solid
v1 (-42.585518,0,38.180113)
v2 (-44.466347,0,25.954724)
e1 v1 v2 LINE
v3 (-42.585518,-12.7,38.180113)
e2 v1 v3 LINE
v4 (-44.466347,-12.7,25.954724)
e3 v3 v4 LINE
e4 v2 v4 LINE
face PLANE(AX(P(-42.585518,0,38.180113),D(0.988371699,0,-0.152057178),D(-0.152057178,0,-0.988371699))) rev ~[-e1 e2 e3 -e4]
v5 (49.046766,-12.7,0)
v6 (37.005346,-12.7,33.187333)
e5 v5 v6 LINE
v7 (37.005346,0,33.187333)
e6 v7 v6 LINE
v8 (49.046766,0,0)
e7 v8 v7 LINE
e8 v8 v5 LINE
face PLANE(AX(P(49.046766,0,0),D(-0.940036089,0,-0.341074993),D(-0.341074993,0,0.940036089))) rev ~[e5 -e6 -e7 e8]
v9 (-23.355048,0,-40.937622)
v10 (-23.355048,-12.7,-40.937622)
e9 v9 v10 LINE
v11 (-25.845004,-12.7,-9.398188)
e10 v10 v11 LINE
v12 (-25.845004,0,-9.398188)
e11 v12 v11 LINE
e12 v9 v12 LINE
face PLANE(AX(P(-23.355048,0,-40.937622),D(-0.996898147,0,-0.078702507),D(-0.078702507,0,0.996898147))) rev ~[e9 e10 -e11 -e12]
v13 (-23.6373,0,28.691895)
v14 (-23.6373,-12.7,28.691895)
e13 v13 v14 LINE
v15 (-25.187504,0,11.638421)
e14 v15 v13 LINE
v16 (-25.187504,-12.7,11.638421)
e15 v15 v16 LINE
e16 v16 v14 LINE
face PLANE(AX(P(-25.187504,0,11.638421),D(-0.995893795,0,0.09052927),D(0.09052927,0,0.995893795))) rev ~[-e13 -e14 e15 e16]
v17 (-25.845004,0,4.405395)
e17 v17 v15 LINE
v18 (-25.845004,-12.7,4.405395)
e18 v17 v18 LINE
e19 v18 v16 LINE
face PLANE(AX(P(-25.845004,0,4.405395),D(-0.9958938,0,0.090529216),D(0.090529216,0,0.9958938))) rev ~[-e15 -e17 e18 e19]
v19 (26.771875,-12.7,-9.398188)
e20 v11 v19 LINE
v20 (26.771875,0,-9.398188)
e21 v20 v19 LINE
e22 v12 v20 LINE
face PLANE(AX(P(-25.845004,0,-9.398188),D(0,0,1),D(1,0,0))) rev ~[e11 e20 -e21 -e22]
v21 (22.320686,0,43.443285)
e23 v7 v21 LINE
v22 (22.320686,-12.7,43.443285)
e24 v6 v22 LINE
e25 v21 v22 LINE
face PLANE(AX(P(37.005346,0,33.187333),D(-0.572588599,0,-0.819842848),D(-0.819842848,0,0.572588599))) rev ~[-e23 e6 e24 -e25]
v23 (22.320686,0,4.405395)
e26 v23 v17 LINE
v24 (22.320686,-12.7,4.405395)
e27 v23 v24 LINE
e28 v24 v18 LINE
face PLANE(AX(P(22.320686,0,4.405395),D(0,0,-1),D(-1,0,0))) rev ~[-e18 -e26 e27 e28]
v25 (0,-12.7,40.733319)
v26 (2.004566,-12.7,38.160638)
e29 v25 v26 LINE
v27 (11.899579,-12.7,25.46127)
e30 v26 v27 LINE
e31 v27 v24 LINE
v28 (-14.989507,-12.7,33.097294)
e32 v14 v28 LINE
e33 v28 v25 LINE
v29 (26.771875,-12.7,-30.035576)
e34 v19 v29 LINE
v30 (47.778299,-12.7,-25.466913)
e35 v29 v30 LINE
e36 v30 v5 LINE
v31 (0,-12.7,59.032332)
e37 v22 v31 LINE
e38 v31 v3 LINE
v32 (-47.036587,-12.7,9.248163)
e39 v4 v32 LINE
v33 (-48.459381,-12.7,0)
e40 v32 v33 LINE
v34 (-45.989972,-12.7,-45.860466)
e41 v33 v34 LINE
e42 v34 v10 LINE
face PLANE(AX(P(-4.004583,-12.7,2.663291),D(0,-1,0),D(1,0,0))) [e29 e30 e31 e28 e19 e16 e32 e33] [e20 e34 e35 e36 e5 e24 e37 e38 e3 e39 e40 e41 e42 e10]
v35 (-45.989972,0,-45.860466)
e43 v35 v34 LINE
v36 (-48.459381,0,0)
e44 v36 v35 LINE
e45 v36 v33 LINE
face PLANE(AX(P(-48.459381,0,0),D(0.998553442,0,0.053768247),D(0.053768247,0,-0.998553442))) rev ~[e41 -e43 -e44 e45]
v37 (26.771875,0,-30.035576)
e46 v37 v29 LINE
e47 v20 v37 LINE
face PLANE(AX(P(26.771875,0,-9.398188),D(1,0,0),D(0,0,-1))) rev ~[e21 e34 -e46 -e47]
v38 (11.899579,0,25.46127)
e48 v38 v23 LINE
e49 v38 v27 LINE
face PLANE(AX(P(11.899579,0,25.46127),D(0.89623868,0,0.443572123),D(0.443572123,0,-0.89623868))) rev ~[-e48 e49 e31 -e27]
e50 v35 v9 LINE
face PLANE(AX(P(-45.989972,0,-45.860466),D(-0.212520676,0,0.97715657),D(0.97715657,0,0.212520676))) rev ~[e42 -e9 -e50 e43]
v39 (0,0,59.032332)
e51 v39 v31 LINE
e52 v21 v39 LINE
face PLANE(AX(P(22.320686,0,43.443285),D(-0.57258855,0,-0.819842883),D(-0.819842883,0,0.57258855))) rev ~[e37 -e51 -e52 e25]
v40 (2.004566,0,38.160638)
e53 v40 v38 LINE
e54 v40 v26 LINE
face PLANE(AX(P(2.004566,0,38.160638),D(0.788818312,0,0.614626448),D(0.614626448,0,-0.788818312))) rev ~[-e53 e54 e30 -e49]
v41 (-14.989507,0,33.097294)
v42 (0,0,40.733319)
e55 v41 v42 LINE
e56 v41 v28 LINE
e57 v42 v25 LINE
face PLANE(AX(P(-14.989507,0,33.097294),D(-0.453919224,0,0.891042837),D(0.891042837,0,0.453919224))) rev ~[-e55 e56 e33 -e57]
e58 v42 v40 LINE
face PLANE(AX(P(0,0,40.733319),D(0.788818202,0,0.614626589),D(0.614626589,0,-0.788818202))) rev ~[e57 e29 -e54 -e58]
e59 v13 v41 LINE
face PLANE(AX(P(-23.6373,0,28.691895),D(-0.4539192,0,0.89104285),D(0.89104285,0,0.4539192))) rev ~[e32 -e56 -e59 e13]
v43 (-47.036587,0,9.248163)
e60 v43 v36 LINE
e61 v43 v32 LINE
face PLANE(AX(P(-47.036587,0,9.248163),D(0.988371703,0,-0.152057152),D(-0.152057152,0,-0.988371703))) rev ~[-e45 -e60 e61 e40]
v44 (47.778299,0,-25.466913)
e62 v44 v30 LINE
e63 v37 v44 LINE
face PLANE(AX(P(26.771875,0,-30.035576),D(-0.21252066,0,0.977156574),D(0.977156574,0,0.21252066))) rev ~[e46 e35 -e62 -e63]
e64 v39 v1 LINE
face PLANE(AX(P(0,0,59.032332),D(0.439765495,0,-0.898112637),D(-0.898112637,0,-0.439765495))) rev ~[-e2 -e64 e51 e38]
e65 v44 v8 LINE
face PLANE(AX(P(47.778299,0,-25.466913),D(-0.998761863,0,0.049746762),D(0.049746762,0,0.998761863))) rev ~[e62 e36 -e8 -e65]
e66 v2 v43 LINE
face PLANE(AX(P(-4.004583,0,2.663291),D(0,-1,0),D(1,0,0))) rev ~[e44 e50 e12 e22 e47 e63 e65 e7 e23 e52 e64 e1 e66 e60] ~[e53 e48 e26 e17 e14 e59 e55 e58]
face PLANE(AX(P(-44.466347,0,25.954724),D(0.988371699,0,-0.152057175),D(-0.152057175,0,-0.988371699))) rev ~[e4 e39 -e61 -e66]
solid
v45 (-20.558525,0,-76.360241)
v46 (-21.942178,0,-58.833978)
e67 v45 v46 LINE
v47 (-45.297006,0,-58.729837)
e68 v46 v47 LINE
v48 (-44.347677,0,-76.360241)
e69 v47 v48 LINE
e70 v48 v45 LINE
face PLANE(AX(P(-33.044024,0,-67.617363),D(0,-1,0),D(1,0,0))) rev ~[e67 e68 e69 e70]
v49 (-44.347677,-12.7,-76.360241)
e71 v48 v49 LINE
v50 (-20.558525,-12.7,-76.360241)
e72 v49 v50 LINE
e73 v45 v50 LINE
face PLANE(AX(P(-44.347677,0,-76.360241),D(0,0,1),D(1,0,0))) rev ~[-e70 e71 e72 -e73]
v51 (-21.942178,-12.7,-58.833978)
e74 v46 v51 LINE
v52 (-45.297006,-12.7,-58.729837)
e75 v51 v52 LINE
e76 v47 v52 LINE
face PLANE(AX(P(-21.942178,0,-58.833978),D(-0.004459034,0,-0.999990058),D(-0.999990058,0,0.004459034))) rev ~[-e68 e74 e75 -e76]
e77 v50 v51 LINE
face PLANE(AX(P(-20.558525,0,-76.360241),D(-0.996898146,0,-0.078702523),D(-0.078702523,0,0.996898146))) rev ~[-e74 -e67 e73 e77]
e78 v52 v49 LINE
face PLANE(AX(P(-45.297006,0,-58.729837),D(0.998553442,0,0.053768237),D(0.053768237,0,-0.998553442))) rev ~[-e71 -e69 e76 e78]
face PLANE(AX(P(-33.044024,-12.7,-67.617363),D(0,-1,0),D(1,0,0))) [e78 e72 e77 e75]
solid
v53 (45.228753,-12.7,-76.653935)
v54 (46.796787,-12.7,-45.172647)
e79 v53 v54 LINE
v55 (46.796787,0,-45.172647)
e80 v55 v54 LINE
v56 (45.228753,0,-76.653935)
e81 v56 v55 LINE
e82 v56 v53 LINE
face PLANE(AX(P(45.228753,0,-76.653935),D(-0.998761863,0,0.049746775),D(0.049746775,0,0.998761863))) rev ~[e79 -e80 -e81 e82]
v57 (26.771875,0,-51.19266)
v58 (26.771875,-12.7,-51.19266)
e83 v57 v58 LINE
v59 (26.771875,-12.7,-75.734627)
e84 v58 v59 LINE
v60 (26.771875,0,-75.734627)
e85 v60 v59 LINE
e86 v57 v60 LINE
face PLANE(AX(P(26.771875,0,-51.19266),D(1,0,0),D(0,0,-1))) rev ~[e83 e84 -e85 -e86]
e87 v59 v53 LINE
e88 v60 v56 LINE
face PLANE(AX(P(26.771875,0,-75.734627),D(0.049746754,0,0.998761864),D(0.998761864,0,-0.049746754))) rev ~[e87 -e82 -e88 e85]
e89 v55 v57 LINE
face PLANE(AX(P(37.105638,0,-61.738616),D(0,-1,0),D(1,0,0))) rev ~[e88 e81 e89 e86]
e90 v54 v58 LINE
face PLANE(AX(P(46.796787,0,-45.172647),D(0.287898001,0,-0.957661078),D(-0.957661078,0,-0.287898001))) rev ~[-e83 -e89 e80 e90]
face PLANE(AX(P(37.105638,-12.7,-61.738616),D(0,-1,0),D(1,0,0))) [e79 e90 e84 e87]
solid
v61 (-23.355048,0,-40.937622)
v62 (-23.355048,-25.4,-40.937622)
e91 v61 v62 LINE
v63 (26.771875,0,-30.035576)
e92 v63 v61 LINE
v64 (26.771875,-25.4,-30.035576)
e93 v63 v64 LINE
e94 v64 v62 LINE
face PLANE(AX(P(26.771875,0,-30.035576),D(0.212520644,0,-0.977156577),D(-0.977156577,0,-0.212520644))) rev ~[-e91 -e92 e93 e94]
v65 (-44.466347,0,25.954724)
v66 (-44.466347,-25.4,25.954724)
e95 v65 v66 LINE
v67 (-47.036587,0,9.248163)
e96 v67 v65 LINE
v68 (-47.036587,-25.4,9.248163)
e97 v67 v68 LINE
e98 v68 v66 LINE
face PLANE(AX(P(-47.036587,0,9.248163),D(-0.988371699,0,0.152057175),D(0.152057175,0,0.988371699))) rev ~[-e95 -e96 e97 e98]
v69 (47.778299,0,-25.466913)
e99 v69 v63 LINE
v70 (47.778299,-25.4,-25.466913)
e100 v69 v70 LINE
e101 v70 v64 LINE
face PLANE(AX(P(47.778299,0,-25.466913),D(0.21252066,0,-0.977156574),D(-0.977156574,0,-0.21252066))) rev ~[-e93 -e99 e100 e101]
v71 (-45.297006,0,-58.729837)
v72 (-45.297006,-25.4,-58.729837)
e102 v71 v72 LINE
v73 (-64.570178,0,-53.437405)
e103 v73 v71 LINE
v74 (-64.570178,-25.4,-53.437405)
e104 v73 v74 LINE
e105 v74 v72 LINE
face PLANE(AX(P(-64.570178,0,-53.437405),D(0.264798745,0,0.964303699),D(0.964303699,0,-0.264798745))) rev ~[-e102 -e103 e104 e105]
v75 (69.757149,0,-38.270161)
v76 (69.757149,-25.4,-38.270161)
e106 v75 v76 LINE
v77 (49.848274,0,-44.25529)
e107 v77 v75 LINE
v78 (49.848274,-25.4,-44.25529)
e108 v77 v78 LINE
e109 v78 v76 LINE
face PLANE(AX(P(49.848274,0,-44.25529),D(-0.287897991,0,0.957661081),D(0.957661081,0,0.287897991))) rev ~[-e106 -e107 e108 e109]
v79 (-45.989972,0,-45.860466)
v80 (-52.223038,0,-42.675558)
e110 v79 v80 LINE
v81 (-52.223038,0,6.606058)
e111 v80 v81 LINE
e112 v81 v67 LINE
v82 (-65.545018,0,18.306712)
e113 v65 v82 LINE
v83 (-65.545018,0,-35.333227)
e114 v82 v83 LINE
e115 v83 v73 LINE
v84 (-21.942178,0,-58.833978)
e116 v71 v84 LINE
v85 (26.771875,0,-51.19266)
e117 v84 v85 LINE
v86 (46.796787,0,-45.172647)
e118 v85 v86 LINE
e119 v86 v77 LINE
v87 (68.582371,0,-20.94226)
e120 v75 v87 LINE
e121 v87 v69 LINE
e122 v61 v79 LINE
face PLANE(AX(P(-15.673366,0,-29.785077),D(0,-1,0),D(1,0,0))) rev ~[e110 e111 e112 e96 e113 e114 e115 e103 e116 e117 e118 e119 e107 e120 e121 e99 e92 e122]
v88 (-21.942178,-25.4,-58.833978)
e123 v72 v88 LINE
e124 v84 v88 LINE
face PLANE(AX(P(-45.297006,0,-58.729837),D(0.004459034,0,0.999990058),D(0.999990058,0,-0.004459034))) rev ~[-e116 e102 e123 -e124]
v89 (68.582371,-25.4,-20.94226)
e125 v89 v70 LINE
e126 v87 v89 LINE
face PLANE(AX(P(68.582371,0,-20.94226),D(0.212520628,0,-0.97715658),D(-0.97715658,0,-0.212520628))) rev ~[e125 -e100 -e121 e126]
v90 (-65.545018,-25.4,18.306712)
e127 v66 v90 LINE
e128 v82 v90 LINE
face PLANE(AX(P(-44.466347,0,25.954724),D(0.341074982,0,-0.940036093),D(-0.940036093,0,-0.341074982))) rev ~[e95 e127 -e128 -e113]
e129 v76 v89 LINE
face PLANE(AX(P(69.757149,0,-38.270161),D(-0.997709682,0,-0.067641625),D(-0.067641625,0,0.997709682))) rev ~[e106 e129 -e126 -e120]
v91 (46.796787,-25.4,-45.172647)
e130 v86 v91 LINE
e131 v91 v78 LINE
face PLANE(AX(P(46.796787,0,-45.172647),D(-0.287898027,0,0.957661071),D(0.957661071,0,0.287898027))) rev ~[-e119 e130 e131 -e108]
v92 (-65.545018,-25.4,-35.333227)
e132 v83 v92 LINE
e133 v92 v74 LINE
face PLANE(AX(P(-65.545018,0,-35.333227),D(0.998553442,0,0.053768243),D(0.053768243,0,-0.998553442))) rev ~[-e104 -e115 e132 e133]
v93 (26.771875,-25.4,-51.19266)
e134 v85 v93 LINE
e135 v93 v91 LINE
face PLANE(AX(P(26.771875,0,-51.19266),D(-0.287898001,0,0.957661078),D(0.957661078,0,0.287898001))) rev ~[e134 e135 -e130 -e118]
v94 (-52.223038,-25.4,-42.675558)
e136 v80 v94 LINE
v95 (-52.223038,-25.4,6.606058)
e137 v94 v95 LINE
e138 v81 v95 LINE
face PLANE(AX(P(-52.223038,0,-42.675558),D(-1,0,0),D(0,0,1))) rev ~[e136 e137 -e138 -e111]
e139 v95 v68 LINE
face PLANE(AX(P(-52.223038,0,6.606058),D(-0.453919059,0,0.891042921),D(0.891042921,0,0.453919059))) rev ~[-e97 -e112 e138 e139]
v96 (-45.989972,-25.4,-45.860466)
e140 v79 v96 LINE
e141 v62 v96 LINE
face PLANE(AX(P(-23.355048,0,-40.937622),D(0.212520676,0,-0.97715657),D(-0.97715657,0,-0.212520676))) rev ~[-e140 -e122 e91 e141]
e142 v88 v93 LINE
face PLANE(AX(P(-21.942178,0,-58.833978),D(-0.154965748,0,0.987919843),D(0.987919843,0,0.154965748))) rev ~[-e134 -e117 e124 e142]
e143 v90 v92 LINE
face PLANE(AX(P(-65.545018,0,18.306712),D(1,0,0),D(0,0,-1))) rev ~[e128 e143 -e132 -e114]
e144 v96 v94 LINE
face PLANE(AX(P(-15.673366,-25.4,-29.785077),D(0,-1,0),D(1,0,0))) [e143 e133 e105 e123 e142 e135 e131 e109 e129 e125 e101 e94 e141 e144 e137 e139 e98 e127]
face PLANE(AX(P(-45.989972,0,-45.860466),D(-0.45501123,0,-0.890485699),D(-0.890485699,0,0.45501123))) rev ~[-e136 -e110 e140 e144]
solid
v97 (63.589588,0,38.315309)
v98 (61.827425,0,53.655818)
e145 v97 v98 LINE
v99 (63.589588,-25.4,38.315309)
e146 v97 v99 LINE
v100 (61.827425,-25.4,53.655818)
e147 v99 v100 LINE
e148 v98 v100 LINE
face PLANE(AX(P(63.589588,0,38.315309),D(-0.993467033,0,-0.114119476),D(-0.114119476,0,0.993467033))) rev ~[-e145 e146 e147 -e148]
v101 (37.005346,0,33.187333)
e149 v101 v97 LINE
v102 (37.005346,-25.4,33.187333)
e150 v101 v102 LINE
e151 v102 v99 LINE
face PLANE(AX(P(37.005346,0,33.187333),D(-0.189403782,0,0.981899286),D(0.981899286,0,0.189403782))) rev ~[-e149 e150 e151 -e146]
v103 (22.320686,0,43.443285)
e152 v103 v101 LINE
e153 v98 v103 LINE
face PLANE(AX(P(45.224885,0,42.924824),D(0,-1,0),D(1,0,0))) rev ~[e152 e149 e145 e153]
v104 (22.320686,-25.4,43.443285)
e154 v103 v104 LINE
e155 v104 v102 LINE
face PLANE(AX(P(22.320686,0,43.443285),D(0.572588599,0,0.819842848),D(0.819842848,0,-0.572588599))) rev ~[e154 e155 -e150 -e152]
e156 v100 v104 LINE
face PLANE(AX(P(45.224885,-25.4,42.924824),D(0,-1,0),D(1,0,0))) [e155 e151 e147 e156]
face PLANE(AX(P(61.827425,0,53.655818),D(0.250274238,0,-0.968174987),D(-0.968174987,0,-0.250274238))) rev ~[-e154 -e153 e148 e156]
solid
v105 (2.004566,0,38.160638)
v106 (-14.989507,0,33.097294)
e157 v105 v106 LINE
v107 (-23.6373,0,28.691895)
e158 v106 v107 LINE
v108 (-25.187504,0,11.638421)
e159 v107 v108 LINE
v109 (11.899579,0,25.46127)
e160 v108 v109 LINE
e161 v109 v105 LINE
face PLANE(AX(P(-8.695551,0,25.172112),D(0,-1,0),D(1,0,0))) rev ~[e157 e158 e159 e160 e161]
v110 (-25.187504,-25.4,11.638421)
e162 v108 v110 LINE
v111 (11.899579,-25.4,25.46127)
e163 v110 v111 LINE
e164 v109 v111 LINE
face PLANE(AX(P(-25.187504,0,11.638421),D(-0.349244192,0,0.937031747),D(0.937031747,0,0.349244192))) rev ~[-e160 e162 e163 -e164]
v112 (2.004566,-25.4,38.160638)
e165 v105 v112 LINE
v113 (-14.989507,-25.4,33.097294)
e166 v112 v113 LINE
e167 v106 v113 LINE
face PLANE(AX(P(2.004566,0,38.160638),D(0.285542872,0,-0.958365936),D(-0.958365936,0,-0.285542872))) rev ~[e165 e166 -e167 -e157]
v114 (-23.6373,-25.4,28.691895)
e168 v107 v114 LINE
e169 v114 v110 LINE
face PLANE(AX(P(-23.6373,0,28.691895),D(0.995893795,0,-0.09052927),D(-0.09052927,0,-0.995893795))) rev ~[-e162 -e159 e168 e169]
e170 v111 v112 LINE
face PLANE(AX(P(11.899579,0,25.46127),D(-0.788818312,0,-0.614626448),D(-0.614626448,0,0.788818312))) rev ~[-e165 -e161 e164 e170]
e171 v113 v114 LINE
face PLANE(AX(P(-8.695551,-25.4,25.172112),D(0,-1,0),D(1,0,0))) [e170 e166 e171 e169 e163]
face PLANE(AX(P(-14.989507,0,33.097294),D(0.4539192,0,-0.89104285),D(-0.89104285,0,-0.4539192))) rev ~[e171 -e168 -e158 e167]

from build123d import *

# Parameters (mm, degrees)
F1_DEPTH = 25.4
F2_DEPTH = 12.7


with BuildPart() as f1:
    # F0 (on Front) → F1 (new body)
    with BuildSketch(Plane.XZ):
        Polygon((-52.223038, 6.606058), (-47.036587, 9.248163), (-44.466347, 25.954724), (-65.545018, 18.306712), (-65.545018, -35.333227), (-64.570178, -53.437405), (-45.297006, -58.729837), (-21.942178, -58.833978), (26.771875, -51.19266), (46.796787, -45.172647), (49.848274, -44.25529), (69.757149, -38.270161), (68.582371, -20.94226), (47.778299, -25.466913), (26.771875, -30.035576), (-23.355048, -40.937622), (-45.989972, -45.860466), (-52.223038, -42.675558), (-52.223038, -34.745838), (-52.223038, -17.417941), align=None)
        Polygon((-23.6373, 28.691895), (-25.187504, 11.638421), (11.899579, 25.46127), (2.004566, 38.160638), (-14.989507, 33.097294), align=None)
        Polygon((61.827425, 53.655818), (22.320686, 43.443285), (37.005346, 33.187333), (63.589588, 38.315309), align=None)
    extrude(amount=F1_DEPTH)


with BuildPart() as f2:
    # F0 (on Front) → F2 (new body)
    with BuildSketch(Plane.XZ):
        Polygon((-47.036587, 9.248163), (-48.459381, 0), (-45.989972, -45.860466), (-23.355048, -40.937622), (-25.845004, -9.398188), (26.771875, -9.398188), (26.771875, -30.035576), (47.778299, -25.466913), (49.046766, 0), (37.005346, 33.187333), (22.320686, 43.443285), (0, 59.032332), (-42.585518, 38.180113), (-44.466347, 25.954724), align=None)
        Polygon((22.320686, 4.405395), (-25.845004, 4.405395), (-25.187504, 11.638421), (-23.6373, 28.691895), (-14.989507, 33.097294), (0, 40.733319), (2.004566, 38.160638), (11.899579, 25.46127), align=None, mode=Mode.SUBTRACT)
        Polygon((46.796787, -45.172647), (26.771875, -51.19266), (26.771875, -75.734627), (45.228753, -76.653935), align=None)
        Polygon((-21.942178, -58.833978), (-45.297006, -58.729837), (-44.347677, -76.360241), (-20.558525, -76.360241), align=None)
    extrude(amount=F2_DEPTH)


solid = Compound([f1.part, f2.part])
